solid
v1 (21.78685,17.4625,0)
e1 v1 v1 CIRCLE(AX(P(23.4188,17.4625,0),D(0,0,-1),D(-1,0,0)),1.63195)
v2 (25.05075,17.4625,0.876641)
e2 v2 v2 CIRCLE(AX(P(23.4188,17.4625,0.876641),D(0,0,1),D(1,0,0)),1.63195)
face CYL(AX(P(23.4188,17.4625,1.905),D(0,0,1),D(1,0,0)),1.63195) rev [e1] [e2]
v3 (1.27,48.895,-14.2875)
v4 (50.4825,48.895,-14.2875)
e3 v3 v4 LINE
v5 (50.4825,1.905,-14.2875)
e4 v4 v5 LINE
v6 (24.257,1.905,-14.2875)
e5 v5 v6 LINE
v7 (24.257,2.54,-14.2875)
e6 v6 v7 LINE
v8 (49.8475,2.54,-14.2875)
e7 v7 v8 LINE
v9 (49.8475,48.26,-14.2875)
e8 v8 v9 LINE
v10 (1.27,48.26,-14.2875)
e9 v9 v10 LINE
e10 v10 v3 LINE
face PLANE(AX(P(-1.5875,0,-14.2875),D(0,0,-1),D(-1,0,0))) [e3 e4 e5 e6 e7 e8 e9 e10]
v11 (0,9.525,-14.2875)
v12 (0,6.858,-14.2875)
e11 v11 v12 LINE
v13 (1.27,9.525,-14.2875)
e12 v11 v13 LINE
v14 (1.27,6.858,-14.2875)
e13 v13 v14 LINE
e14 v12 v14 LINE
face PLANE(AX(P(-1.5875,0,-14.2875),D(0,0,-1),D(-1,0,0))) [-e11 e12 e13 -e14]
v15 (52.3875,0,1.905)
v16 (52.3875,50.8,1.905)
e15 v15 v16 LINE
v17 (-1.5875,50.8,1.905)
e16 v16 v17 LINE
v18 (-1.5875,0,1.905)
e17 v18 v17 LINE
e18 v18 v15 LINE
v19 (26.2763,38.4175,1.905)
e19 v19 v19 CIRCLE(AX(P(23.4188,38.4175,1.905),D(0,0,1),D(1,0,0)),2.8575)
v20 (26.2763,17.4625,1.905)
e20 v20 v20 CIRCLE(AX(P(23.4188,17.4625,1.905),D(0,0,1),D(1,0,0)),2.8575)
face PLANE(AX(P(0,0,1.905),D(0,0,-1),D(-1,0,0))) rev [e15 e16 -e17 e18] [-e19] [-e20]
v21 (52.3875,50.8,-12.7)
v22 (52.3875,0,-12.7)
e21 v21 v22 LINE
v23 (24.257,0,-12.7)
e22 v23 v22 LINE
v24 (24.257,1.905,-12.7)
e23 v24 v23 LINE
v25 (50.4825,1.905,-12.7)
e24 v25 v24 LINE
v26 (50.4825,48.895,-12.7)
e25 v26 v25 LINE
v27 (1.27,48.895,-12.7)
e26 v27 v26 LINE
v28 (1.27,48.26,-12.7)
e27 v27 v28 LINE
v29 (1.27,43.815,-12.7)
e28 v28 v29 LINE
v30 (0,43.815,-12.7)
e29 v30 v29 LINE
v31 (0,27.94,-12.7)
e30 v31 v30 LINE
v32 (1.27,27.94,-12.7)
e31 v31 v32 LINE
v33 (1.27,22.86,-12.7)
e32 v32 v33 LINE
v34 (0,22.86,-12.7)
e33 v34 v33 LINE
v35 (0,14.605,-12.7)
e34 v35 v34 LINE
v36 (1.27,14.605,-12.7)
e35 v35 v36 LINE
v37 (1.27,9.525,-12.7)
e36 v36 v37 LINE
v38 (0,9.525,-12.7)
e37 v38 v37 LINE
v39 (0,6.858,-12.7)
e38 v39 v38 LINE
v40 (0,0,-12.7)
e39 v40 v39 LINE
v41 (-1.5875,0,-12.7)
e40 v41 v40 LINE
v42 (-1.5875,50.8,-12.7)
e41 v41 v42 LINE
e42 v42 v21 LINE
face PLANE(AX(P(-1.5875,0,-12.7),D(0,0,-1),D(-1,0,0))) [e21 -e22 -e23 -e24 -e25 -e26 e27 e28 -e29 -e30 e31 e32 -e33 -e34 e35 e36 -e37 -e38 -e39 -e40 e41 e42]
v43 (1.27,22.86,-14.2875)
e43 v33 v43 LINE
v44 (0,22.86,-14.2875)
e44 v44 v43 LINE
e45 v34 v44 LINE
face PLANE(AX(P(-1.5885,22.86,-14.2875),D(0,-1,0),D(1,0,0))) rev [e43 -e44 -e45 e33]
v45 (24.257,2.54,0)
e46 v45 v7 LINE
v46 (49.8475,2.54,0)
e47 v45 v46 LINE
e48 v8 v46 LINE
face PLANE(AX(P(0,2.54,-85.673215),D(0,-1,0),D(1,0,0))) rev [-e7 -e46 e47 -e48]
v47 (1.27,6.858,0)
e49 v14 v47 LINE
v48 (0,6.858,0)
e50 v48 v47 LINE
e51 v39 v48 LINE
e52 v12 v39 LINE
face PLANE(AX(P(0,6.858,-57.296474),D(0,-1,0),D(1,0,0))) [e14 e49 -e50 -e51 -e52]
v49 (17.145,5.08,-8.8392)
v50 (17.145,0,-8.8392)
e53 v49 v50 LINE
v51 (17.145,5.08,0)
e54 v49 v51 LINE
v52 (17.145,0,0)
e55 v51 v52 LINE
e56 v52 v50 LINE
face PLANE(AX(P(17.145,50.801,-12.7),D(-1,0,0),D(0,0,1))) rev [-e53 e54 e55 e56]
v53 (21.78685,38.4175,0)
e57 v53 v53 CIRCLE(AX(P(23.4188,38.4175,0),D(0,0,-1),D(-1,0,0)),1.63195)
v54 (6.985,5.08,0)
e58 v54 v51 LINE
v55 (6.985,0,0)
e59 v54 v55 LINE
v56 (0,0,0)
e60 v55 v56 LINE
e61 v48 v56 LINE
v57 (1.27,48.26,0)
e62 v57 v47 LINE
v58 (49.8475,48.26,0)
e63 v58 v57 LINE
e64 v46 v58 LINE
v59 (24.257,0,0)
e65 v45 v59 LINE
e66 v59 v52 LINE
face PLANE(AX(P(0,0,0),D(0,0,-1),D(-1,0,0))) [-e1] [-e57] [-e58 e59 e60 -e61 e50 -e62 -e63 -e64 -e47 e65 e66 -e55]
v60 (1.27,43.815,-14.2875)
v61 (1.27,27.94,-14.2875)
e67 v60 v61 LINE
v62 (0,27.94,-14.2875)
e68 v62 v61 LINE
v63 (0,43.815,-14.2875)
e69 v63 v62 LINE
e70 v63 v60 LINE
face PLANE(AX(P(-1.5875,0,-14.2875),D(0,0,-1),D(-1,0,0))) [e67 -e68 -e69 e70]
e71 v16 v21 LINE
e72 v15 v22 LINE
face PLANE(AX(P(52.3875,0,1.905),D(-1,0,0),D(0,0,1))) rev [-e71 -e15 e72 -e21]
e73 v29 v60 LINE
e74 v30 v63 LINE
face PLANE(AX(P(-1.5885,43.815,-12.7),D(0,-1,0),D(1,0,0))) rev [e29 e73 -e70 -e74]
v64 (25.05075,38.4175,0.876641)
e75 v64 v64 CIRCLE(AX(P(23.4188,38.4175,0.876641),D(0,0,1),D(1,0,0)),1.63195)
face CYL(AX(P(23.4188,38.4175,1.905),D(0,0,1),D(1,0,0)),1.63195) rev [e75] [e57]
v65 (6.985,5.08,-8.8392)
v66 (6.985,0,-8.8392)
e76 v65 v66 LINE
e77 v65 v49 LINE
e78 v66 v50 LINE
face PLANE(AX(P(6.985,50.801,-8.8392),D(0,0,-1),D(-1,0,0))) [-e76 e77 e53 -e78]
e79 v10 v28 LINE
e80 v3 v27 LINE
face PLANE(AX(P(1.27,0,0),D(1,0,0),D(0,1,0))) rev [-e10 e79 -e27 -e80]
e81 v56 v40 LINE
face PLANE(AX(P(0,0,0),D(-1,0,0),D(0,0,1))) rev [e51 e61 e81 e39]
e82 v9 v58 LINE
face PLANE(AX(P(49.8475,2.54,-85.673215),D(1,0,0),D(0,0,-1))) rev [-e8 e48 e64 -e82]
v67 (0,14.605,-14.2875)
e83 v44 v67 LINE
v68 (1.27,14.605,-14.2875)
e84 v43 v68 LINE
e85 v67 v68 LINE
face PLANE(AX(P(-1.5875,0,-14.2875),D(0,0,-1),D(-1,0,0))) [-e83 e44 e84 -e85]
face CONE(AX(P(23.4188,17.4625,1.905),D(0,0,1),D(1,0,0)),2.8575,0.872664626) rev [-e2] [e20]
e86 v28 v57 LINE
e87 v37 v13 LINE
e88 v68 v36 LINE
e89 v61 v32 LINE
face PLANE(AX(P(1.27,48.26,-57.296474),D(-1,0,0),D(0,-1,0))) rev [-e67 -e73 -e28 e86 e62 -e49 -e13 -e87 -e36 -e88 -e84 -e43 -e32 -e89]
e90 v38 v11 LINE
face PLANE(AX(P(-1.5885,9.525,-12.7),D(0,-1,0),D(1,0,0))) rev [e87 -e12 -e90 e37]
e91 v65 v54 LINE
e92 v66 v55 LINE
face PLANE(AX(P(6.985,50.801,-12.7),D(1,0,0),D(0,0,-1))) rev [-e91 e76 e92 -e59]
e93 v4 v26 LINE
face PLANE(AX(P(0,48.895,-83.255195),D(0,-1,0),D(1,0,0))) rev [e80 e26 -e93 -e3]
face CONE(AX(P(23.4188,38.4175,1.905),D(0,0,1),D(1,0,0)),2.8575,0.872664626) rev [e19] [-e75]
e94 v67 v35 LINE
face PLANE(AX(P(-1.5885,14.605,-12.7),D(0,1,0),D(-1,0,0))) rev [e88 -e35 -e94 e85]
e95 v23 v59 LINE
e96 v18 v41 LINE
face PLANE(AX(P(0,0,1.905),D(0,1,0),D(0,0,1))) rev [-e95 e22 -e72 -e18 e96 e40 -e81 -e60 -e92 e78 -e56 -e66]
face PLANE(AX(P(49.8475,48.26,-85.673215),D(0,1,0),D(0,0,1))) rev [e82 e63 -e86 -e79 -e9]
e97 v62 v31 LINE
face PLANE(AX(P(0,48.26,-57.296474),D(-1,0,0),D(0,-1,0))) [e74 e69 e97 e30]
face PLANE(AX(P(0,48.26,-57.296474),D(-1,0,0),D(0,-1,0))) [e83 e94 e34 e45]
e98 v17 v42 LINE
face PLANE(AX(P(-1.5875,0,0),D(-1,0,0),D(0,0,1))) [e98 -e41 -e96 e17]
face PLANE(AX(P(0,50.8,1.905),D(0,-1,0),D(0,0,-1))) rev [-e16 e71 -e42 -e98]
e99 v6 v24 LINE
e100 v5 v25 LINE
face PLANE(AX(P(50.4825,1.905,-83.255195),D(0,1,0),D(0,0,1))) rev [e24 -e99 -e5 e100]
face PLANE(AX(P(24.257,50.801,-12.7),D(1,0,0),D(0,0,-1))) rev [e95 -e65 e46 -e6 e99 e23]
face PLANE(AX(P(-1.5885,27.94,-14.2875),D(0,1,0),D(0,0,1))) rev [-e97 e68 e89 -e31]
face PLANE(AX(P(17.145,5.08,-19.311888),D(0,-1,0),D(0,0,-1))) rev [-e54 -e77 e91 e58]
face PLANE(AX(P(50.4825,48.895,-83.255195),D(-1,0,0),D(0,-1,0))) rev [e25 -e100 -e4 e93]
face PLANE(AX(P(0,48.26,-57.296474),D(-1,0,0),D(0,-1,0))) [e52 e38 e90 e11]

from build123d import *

# Parameters (mm, degrees)
SKETCH1_W                                         = 52.3875
SKETCH1_H                                         = 50.8
BOSS_EXTRUDE1_DEPTH                               = 1.905
SKETCH2_W                                         = 14.605
SKETCH2_H                                         = 50.8
BOSS_EXTRUDE2_DEPTH                               = 1.5875
BOSS_EXTRUDE3_DEPTH                               = 12.7
CUT_EXTRUDE1_REACH                                = 76.07
SKETCH4_W                                         = 10.16
SKETCH4_H                                         = 3.8608
CUT_EXTRUDE2_REACH                                = 76.07
SKETCH5_W                                         = 6.985
SKETCH5_H                                         = 12.7
SKETCH5_W_2                                       = 7.112
SKETCH6_W                                         = 10.16
SKETCH6_H                                         = 2.54
BOSS_EXTRUDE4_DEPTH                               = 8.8392
SKETCH8_W                                         = 1.27
SKETCH8_H                                         = 41.402
BOSS_EXTRUDE5_DEPTH                               = 14.2875
BOSS_EXTRUDE6_DEPTH                               = 1.5875
CUT_EXTRUDE3_REACH                                = 75.47
SKETCH11_W                                        = 1.5875
SKETCH11_H                                        = 5.08
CSK_FOR_4_FLAT_HEAD_MACHINE_SCREW_100_D           = 3.2639
CSK_FOR_4_FLAT_HEAD_MACHINE_SCREW_100_DEPTH       = 7.493
CSK_FOR_4_FLAT_HEAD_MACHINE_SCREW_100_CSINK_D     = 5.715
CSK_FOR_4_FLAT_HEAD_MACHINE_SCREW_100_CSINK_ANGLE = 100
CSK_FOR_4_FLAT_HEAD_MACHINE_SCREW_100_TIP         = 0.980574487


with BuildPart() as part:
    # Sketch1 → Boss-Extrude1 (new body)
    with BuildSketch(Plane.XY):
        with Locations((26.19375, 25.4)):
            Rectangle(SKETCH1_W, SKETCH1_H)
    extrude(amount=BOSS_EXTRUDE1_DEPTH)

    # Sketch2 → Boss-Extrude2 (add)
    with BuildSketch(Plane.ZY):
        with Locations((-5.3975, 25.4)):
            Rectangle(SKETCH2_W, SKETCH2_H)
    extrude(amount=BOSS_EXTRUDE2_DEPTH)

    # Sketch3 → Boss-Extrude3 (add)
    with BuildSketch(Plane(origin=(0, 0, 0), x_dir=(-1, 0, 0), z_dir=(0, 0, -1))):
        Polygon((0, 50.8), (-52.3875, 50.8), (-52.3875, 0), (0, 0), (0, 2.54), (-49.8475, 2.54), (-49.8475, 48.26), (0, 48.26), align=None)
    extrude(amount=BOSS_EXTRUDE3_DEPTH)

    # Sketch4 → Cut-Extrude1 (cut, up to next)
    with BuildSketch(Plane.XZ, mode=Mode.PRIVATE) as cut_extrude1_sk1:
        with Locations((12.065, -10.7696)):
            Rectangle(SKETCH4_W, SKETCH4_H)
    cut_extrude1_tool1 = extrude(cut_extrude1_sk1.sketch, amount=-CUT_EXTRUDE1_REACH, mode=Mode.PRIVATE) & part.part
    add(cut_extrude1_tool1.solids().sort_by_distance((12.065, 0, -10.7696))[0], mode=Mode.SUBTRACT)

    # Sketch5 → Cut-Extrude2 (cut, up to next)
    with BuildSketch(Plane.XZ, mode=Mode.PRIVATE) as cut_extrude2_sk1:
        with Locations((3.4925, -6.35)):
            Rectangle(SKETCH5_W, SKETCH5_H)
    cut_extrude2_tool1 = extrude(cut_extrude2_sk1.sketch, amount=-CUT_EXTRUDE2_REACH, mode=Mode.PRIVATE) & part.part
    # Sketch5 → Cut-Extrude2 (cut, up to next)
    with BuildSketch(Plane.XZ, mode=Mode.PRIVATE) as cut_extrude2_sk2:
        with Locations((20.701, -6.35)):
            Rectangle(SKETCH5_W_2, SKETCH5_H)
    cut_extrude2_tool2 = extrude(cut_extrude2_sk2.sketch, amount=-CUT_EXTRUDE2_REACH, mode=Mode.PRIVATE) & part.part
    add(cut_extrude2_tool1.solids().sort_by_distance((3.4925, 0, -6.35))[0], mode=Mode.SUBTRACT)
    add(cut_extrude2_tool2.solids().sort_by_distance((20.701, 0, -6.35))[0], mode=Mode.SUBTRACT)

    # Sketch6 → Boss-Extrude4 (add)
    with BuildSketch(Plane(origin=(0, 0, 0), x_dir=(-1, 0, 0), z_dir=(0, 0, -1))):
        with Locations((-12.065, 3.81)):
            Rectangle(SKETCH6_W, SKETCH6_H)
    extrude(amount=BOSS_EXTRUDE4_DEPTH)

    # Sketch8 → Boss-Extrude5 (add)
    with BuildSketch(Plane(origin=(0, 0, 0), x_dir=(-1, 0, 0), z_dir=(0, 0, -1))):
        with Locations((-0.635, 27.559)):
            Rectangle(SKETCH8_W, SKETCH8_H)
    extrude(amount=BOSS_EXTRUDE5_DEPTH)

    # Sketch9 → Boss-Extrude6 (add)
    with BuildSketch(Plane(origin=(0, 0, -12.7), x_dir=(-1, 0, 0), z_dir=(0, 0, -1))):
        Polygon((0, 48.26), (0, 48.895), (-50.4825, 48.895), (-50.4825, 1.905), (-24.257, 1.905), (-24.257, 2.54), (-49.8475, 2.54), (-49.8475, 48.26), align=None)
    extrude(amount=BOSS_EXTRUDE6_DEPTH)

    # Sketch11 → Cut-Extrude3 (cut, up to next)
    with BuildSketch(Plane(origin=(1.27, 0, 0), x_dir=(0, 0, -1), z_dir=(1, 0, 0)), mode=Mode.PRIVATE) as cut_extrude3_sk1:
        with Locations((13.49375, 25.4)):
            Rectangle(SKETCH11_W, SKETCH11_H)
    cut_extrude3_tool1 = extrude(cut_extrude3_sk1.sketch, amount=-CUT_EXTRUDE3_REACH, mode=Mode.PRIVATE) & part.part
    # Sketch11 → Cut-Extrude3 (cut, up to next)
    with BuildSketch(Plane(origin=(1.27, 0, 0), x_dir=(0, 0, -1), z_dir=(1, 0, 0)), mode=Mode.PRIVATE) as cut_extrude3_sk2:
        with Locations((13.49375, 12.065)):
            Rectangle(SKETCH11_W, SKETCH11_H)
    cut_extrude3_tool2 = extrude(cut_extrude3_sk2.sketch, amount=-CUT_EXTRUDE3_REACH, mode=Mode.PRIVATE) & part.part
    # Sketch11 → Cut-Extrude3 (cut, up to next)
    with BuildSketch(Plane(origin=(1.27, 0, 0), x_dir=(0, 0, -1), z_dir=(1, 0, 0)), mode=Mode.PRIVATE) as cut_extrude3_sk3:
        with Locations((13.49375, 46.355)):
            Rectangle(SKETCH11_W, SKETCH11_H)
    cut_extrude3_tool3 = extrude(cut_extrude3_sk3.sketch, amount=-CUT_EXTRUDE3_REACH, mode=Mode.PRIVATE) & part.part
    add(cut_extrude3_tool1.solids().sort_by_distance((1.27, 25.4, -13.49375))[0], mode=Mode.SUBTRACT)
    add(cut_extrude3_tool2.solids().sort_by_distance((1.27, 12.065, -13.49375))[0], mode=Mode.SUBTRACT)
    add(cut_extrude3_tool3.solids().sort_by_distance((1.27, 46.355, -13.49375))[0], mode=Mode.SUBTRACT)

    # CSK for #4 Flat Head Machine Screw (100)1
    with Locations(Plane.XY.offset(1.905)):
        with Locations((23.4188, 38.4175), (23.4188, 17.4625)):
            CounterSinkHole(CSK_FOR_4_FLAT_HEAD_MACHINE_SCREW_100_D / 2, CSK_FOR_4_FLAT_HEAD_MACHINE_SCREW_100_CSINK_D / 2, depth=CSK_FOR_4_FLAT_HEAD_MACHINE_SCREW_100_DEPTH, counter_sink_angle=CSK_FOR_4_FLAT_HEAD_MACHINE_SCREW_100_CSINK_ANGLE)
            with Locations((0, 0, -(CSK_FOR_4_FLAT_HEAD_MACHINE_SCREW_100_DEPTH + CSK_FOR_4_FLAT_HEAD_MACHINE_SCREW_100_TIP / 2))):  # 118° drill point
                Cone(0, CSK_FOR_4_FLAT_HEAD_MACHINE_SCREW_100_D / 2, CSK_FOR_4_FLAT_HEAD_MACHINE_SCREW_100_TIP, mode=Mode.SUBTRACT)


solid = part.part
